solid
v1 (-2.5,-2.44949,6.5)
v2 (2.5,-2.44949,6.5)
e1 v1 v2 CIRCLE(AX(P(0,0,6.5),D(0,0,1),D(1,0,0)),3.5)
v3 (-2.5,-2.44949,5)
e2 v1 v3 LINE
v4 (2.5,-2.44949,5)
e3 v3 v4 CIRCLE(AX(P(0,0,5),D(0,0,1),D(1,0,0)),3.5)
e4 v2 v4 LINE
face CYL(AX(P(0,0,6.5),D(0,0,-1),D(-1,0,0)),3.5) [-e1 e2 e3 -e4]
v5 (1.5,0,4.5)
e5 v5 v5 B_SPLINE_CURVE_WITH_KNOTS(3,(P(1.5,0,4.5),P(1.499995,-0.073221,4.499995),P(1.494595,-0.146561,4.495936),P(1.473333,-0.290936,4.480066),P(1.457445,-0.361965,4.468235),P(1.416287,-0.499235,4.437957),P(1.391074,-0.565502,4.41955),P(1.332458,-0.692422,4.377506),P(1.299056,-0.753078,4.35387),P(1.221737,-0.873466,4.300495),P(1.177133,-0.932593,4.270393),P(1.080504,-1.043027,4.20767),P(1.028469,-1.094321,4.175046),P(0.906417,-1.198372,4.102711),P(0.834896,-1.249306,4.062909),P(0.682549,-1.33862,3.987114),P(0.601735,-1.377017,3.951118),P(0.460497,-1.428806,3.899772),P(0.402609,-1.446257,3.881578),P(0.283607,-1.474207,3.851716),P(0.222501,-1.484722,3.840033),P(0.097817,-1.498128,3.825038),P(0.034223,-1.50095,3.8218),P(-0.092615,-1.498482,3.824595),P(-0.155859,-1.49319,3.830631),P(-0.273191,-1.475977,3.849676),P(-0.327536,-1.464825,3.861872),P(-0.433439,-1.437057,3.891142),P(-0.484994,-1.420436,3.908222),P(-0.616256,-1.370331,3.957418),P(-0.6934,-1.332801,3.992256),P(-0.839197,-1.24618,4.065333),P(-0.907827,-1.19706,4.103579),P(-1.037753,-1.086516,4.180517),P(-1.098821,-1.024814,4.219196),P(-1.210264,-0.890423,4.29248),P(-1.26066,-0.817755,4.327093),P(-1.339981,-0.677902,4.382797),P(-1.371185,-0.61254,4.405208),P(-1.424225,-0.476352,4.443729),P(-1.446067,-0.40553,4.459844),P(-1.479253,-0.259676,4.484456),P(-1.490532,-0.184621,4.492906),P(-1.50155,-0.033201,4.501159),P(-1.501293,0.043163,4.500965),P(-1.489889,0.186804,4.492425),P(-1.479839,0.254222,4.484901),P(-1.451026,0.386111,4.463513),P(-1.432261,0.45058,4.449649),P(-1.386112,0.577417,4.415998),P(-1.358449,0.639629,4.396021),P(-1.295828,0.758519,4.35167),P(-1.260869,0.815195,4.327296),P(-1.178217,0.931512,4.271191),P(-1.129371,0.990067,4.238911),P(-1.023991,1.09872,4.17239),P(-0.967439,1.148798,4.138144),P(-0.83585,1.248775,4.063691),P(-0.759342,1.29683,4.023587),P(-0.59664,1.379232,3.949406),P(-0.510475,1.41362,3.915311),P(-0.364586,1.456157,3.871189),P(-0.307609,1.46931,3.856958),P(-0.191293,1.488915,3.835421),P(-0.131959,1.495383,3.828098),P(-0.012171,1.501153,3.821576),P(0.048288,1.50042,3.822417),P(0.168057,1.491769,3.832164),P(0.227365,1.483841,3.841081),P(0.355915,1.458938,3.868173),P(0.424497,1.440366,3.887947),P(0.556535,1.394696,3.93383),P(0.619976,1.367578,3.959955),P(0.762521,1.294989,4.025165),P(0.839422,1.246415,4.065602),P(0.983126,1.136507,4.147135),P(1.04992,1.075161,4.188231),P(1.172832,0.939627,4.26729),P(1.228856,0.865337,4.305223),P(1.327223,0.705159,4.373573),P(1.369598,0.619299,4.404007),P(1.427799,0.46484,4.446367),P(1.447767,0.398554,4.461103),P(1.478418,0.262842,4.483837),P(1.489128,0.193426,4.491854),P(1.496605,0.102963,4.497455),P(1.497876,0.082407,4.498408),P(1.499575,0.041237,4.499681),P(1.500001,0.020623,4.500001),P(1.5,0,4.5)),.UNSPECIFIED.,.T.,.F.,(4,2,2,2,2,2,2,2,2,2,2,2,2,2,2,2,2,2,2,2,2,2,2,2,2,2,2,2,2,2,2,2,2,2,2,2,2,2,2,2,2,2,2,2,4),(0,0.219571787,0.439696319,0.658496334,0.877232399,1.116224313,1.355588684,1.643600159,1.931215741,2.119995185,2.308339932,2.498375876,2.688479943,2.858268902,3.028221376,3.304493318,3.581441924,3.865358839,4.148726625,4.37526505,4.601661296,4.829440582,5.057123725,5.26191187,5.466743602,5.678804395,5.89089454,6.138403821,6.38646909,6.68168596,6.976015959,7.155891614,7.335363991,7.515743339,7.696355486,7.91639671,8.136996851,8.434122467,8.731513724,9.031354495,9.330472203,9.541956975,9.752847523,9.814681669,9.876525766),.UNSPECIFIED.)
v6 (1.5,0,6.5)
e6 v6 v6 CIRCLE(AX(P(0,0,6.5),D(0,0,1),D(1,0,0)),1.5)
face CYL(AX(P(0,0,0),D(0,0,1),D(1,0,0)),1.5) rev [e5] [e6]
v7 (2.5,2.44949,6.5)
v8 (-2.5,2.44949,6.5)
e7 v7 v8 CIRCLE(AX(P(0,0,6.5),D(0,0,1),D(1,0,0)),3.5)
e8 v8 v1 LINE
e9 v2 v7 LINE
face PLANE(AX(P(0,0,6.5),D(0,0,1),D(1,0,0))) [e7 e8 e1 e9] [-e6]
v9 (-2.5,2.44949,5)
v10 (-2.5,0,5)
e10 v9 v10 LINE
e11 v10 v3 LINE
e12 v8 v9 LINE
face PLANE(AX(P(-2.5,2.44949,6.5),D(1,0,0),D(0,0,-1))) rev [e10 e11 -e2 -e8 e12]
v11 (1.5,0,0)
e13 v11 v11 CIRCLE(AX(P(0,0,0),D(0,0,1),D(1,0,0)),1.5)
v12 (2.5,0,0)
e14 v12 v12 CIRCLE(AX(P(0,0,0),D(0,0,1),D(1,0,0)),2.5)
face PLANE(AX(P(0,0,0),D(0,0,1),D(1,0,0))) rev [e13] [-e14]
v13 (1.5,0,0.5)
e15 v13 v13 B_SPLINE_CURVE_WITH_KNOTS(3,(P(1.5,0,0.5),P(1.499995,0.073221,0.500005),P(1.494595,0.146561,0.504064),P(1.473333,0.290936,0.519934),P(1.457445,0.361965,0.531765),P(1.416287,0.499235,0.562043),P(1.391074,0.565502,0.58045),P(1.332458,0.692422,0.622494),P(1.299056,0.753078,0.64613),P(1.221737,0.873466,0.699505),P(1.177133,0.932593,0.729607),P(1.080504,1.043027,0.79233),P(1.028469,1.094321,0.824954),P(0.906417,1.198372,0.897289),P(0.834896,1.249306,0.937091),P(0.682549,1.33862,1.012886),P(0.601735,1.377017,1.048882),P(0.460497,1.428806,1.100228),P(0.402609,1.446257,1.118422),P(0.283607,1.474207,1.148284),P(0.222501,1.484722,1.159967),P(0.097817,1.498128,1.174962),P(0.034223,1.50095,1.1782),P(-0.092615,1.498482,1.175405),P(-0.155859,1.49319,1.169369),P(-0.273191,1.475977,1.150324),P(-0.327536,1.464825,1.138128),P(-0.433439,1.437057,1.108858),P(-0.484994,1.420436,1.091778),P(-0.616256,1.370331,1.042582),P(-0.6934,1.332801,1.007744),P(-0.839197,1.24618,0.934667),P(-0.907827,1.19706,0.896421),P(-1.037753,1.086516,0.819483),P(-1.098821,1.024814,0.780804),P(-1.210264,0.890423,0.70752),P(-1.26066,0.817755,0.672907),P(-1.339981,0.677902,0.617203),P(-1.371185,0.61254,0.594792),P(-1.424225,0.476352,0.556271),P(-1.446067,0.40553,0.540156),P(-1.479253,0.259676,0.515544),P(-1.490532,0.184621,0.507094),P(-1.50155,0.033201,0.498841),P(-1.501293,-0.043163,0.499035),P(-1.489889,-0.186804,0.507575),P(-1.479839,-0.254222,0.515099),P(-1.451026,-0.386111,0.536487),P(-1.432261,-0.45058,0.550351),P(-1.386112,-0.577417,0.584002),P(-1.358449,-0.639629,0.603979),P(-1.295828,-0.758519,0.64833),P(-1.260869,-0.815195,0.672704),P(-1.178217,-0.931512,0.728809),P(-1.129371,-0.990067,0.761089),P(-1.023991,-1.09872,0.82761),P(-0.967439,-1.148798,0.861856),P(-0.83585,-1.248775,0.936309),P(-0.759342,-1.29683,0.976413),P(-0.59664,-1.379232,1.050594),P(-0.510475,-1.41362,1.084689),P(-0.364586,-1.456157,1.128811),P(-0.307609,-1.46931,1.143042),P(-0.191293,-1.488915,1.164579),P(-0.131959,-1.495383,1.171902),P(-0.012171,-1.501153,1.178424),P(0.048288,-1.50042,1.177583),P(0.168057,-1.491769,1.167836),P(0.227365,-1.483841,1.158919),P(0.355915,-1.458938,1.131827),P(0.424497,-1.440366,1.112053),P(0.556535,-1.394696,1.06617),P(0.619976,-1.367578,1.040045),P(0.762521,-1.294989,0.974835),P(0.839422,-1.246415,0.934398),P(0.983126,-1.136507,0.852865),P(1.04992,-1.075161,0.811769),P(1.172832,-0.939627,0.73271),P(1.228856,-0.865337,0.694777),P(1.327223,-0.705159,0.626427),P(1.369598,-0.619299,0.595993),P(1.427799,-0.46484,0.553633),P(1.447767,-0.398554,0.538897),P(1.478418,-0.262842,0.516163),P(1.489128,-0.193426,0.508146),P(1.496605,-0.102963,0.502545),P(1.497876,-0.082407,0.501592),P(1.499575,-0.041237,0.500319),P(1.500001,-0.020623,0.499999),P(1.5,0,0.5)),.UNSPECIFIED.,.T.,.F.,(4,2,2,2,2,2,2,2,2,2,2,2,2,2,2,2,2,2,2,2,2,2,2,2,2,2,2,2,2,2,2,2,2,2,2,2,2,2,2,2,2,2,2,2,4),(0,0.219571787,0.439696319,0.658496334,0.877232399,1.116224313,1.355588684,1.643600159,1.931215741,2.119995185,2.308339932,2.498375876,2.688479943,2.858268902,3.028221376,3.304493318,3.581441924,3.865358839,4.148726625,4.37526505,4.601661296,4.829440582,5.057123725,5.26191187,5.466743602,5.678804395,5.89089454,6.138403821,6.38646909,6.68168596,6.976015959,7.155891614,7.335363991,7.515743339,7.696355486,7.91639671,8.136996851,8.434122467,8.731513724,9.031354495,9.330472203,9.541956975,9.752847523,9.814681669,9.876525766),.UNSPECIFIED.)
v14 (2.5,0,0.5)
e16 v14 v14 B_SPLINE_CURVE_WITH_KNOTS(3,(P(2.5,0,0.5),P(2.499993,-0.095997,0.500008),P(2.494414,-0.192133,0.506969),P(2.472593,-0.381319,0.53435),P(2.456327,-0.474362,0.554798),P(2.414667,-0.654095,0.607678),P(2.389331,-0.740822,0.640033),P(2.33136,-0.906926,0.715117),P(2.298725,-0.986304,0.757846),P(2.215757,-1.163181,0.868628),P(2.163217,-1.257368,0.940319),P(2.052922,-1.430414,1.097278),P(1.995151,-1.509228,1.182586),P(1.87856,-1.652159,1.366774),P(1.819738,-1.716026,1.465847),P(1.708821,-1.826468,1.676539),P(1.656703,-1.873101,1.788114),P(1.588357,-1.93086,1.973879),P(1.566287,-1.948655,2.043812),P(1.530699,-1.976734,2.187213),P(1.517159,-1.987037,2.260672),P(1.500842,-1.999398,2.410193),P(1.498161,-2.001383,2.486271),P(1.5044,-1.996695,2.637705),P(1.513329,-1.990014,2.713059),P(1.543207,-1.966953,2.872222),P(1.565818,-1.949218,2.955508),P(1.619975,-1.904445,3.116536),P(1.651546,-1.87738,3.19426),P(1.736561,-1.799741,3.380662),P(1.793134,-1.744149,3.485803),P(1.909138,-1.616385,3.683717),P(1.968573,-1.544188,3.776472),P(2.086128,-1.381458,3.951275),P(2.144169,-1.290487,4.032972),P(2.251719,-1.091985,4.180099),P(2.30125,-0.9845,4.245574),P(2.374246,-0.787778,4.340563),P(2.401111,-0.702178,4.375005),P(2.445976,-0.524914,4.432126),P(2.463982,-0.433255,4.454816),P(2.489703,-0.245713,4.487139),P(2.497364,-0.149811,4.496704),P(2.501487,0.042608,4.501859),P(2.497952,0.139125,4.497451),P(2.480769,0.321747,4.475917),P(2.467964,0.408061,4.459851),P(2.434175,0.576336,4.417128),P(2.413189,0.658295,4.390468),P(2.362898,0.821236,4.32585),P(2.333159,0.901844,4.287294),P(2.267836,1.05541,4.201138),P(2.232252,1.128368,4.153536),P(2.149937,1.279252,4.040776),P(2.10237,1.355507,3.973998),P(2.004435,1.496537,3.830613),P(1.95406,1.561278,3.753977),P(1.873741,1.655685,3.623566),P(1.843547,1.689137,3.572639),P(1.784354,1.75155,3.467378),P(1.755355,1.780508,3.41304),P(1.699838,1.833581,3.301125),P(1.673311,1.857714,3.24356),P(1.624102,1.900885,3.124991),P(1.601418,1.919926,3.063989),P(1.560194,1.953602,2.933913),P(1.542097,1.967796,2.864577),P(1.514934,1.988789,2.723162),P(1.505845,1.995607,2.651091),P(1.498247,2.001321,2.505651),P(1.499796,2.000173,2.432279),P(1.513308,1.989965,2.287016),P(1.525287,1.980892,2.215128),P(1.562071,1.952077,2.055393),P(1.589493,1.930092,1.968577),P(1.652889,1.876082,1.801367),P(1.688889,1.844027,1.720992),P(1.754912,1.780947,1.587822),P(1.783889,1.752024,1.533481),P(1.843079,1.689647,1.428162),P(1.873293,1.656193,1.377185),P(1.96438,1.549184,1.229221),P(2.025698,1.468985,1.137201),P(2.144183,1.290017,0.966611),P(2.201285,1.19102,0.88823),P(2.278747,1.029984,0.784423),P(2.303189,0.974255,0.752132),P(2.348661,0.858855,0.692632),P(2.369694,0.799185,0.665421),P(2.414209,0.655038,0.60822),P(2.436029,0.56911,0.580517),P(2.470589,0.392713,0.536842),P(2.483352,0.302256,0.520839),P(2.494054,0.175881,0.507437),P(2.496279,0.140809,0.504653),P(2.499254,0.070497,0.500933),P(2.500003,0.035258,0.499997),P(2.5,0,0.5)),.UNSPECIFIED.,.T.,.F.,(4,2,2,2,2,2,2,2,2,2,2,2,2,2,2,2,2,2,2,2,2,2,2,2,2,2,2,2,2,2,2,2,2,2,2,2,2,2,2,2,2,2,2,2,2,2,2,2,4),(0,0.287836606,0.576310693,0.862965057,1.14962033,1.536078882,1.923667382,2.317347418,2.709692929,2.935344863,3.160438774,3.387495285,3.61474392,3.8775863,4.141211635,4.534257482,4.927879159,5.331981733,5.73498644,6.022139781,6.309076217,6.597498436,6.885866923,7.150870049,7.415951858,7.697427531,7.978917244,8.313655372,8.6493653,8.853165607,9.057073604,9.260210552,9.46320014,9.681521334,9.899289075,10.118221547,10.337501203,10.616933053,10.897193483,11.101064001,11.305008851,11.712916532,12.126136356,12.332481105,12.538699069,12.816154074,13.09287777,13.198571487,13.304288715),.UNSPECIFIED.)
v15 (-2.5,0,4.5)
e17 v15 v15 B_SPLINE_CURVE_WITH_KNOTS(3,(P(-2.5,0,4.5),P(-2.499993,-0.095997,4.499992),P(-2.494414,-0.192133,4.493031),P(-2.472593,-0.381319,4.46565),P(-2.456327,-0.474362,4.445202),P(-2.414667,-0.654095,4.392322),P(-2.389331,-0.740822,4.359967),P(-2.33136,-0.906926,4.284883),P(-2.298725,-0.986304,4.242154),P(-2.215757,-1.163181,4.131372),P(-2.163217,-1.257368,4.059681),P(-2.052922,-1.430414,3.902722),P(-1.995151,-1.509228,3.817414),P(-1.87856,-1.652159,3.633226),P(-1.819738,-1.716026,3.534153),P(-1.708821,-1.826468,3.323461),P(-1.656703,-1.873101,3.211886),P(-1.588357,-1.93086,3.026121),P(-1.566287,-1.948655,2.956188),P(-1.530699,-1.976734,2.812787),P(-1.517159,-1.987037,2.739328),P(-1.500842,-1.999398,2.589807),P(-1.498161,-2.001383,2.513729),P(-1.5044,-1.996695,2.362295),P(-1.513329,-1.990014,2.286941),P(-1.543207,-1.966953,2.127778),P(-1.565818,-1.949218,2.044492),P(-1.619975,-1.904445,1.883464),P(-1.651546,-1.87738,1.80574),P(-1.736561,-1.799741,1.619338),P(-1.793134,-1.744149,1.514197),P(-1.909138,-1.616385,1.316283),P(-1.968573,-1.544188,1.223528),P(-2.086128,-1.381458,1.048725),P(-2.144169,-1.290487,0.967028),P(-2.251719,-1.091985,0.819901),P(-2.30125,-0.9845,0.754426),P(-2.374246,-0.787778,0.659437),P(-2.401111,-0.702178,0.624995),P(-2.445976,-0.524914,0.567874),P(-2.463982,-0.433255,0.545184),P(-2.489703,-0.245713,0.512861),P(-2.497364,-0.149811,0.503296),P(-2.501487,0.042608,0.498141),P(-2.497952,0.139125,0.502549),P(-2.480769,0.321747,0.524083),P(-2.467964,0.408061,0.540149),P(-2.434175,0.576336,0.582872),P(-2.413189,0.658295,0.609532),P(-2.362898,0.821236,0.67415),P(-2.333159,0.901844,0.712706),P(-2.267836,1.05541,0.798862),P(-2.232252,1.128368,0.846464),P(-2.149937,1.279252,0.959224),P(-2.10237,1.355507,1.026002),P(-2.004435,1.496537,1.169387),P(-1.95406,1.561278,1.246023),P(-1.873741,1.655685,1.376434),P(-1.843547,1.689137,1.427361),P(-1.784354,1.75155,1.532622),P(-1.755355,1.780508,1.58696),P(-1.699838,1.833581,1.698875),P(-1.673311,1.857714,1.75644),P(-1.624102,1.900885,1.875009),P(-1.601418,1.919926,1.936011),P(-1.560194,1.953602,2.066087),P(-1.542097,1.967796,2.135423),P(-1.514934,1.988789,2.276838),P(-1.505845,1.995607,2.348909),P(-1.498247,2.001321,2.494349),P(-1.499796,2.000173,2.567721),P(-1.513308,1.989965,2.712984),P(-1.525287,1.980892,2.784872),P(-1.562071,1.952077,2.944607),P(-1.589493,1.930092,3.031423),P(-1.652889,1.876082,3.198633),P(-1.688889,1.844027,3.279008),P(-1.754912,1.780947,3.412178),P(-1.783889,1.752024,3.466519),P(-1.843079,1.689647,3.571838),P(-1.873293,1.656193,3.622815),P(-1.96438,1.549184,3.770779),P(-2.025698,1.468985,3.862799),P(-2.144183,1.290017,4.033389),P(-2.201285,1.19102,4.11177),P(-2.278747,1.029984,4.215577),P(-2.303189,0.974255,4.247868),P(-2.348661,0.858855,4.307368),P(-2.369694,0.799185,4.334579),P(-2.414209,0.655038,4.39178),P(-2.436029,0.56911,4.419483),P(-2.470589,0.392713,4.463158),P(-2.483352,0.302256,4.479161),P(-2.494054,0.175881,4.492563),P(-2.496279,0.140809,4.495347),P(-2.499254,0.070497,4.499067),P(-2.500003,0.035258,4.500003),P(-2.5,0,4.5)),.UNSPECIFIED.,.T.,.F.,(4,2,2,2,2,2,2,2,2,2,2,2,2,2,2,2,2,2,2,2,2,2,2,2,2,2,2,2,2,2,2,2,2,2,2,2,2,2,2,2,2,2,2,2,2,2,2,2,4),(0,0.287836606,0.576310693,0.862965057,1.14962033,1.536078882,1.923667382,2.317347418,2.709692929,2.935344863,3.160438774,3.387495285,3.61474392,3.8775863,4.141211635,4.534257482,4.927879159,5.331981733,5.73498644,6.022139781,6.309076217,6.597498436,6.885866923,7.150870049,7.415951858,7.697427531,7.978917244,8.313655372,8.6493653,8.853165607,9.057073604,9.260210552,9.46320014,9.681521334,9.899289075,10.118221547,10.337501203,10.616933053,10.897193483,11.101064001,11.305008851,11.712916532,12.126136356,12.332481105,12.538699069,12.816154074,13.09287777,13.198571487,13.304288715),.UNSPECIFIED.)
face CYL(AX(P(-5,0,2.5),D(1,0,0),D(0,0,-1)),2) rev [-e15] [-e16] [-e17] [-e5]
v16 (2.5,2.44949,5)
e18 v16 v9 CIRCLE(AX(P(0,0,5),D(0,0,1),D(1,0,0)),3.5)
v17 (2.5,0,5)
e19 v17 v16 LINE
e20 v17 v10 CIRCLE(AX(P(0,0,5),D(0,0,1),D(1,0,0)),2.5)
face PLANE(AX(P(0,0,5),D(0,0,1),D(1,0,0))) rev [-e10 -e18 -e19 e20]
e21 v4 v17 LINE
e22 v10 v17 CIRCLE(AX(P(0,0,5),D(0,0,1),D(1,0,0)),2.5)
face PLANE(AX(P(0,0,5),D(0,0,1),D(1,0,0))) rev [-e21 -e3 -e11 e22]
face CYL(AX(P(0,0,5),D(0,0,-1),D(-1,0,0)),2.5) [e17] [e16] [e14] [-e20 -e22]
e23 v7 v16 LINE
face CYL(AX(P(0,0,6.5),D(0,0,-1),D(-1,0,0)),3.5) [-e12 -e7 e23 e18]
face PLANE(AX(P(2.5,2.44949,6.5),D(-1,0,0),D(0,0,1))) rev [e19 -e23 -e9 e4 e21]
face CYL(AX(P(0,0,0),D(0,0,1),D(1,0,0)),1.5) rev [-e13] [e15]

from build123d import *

# Parameters (mm, degrees)
SKETCH_1_R          = 2.5
EXTRUDE_1_DEPTH     = 5
EXTRUDE_2_DEPTH     = 1.5
SKETCH_3_R          = 1.5
CUT_EXTRUDE_1_DEPTH = 7.5
SKETCH_4_R          = 2
CUT_EXTRUDE_2_DEPTH = 5


with BuildPart() as part:
    # 草图1 → 凸台-拉伸1 (new body)
    with BuildSketch(Plane.XY):
        Circle(SKETCH_1_R)
    extrude(amount=EXTRUDE_1_DEPTH)

    # 草图2 → 凸台-拉伸2 (add)
    with BuildSketch(Plane.XY.offset(5)):
        with BuildLine():
            Line((-2.5, 2.449489743), (-2.5, -2.449489743))
            ThreePointArc((-2.5, -2.449489743), (0, -3.5), (2.5, -2.449489743))
            Line((2.5, -2.449489743), (2.5, 2.449489743))
            ThreePointArc((2.5, 2.449489743), (0, 3.5), (-2.5, 2.449489743))
        make_face()
    extrude(amount=EXTRUDE_2_DEPTH)

    # 草图3 → 切除-拉伸1 (cut, through all)
    with BuildSketch(Plane.XY.offset(6.5)):
        Circle(SKETCH_3_R)
    extrude(amount=-CUT_EXTRUDE_1_DEPTH, mode=Mode.SUBTRACT)

    # 草图4 → 切除-拉伸2 (cut, symmetric)
    with BuildSketch(Plane(origin=(0, 0, 0), x_dir=(0, 0, -1), z_dir=(1, 0, 0))):
        with Locations((-2.5, 0)):
            Circle(SKETCH_4_R)
    extrude(amount=CUT_EXTRUDE_2_DEPTH, both=True, mode=Mode.SUBTRACT)


solid = part.part
